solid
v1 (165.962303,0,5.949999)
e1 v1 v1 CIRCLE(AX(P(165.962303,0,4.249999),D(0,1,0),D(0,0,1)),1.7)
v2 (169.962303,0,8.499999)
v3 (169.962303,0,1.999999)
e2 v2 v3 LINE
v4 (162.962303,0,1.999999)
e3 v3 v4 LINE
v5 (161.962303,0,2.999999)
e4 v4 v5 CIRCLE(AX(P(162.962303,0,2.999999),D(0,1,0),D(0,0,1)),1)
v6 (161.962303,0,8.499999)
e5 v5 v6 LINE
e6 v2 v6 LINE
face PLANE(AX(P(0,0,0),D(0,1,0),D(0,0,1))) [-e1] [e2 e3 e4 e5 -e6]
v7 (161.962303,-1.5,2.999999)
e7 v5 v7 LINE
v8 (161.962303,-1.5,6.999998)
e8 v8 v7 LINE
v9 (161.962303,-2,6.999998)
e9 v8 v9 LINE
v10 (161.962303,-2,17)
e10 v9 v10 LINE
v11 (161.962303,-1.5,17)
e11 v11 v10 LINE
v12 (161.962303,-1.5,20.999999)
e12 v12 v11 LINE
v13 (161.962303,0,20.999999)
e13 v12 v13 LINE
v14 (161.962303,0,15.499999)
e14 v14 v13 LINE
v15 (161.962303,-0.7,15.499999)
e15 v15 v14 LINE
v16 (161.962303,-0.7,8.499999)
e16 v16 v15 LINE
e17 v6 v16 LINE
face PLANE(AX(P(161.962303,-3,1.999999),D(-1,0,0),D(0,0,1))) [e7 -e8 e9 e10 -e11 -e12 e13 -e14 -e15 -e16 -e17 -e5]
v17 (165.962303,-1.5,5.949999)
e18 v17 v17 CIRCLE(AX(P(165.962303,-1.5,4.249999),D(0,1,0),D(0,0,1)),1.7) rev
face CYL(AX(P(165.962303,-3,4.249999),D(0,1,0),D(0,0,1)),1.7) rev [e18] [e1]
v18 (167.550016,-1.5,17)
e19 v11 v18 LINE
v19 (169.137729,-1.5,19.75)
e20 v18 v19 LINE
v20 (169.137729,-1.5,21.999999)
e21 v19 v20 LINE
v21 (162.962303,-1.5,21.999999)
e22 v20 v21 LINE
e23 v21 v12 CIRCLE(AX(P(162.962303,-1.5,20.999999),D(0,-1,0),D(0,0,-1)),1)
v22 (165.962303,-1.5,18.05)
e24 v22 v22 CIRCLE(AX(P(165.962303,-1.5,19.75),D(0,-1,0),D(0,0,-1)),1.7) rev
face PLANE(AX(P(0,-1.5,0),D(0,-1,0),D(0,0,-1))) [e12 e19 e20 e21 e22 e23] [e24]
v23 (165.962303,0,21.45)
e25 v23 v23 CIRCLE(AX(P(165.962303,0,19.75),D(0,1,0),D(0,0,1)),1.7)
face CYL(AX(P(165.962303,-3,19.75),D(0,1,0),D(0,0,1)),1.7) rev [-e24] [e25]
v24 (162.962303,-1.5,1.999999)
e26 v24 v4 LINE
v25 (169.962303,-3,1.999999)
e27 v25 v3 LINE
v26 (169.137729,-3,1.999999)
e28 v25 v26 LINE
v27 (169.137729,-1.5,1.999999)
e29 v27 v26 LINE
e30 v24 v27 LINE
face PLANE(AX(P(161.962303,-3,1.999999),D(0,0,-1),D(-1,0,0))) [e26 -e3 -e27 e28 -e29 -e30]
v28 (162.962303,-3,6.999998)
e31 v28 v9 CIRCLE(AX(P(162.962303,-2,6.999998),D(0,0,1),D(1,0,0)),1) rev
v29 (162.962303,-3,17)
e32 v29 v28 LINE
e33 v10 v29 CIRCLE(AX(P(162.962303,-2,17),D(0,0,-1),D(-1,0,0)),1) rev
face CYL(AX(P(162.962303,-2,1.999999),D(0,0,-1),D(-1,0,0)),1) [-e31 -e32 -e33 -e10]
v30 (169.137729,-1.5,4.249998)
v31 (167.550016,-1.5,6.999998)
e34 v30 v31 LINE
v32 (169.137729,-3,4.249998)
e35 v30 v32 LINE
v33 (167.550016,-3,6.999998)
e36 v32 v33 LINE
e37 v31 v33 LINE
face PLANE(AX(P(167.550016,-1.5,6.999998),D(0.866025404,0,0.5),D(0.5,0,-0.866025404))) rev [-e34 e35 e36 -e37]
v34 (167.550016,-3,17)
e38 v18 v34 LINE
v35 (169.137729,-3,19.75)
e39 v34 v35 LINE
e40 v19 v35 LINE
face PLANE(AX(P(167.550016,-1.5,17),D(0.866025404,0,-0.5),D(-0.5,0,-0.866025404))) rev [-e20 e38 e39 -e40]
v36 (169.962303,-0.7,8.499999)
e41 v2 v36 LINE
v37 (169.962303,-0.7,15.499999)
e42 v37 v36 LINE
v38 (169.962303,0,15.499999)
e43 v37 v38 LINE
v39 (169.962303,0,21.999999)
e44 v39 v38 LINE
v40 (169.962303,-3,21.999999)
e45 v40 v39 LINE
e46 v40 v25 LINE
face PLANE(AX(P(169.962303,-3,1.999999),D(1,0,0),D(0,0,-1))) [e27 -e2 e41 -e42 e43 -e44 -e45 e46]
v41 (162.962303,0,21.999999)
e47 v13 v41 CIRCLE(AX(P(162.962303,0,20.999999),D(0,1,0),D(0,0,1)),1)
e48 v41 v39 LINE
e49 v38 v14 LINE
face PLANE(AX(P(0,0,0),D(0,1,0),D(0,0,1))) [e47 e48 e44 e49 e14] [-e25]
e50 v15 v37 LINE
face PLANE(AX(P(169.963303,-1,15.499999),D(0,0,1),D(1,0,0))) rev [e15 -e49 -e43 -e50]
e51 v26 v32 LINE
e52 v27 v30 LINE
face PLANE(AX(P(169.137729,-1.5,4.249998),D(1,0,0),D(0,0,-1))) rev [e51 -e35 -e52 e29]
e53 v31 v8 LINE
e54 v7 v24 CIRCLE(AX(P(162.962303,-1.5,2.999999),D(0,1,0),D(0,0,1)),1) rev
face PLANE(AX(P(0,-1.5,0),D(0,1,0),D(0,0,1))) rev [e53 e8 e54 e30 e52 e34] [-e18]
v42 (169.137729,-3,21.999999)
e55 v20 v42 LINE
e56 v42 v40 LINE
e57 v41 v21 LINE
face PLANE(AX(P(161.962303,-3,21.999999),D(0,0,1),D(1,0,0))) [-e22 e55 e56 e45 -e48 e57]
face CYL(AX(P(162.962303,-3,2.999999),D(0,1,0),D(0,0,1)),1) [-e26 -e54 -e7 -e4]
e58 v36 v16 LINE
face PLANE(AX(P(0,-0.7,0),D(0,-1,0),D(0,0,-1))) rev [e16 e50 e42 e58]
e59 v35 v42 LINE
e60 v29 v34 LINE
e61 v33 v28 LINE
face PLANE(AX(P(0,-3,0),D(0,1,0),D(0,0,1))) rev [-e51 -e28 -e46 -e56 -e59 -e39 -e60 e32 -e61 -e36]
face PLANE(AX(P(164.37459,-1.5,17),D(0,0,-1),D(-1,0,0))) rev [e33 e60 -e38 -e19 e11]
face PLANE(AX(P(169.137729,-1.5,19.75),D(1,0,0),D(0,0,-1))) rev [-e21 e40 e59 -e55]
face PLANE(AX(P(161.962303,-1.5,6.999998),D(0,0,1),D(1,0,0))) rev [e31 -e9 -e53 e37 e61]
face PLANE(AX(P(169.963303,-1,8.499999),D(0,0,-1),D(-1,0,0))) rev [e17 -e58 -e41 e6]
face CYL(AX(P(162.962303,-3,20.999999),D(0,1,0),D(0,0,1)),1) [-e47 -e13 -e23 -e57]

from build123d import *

# Parameters (mm, degrees)
CROQUIS1_W              = 8
CROQUIS1_H              = 20
CROQUIS1_R              = 1.7
SALIENTE_EXTRUIR1_DEPTH = 3
CORTAR_EXTRUIR2_DEPTH   = 1.5
CORTAR_EXTRUIR3_REACH   = 25.601
CROQUIS3_W              = 7
CROQUIS3_H              = 1
REDONDEO1_R             = 1
CROQUIS4_W              = 8
CROQUIS4_H              = 7
SALIENTE_EXTRUIR2_DEPTH = 0.3


with BuildPart() as part:
    # Croquis1 → Saliente-Extruir1 (new body)
    with BuildSketch(Plane(origin=(0, 0, 0), x_dir=(1, 0, 0), z_dir=(0, 1, 0))):
        with Locations((165.962302832, -11.999998776)):
            Rectangle(CROQUIS1_W, CROQUIS1_H)
        with Locations(Location((165.962302832, -4.249998776, 0), (0, 0, 270))):
            Circle(CROQUIS1_R, mode=Mode.SUBTRACT)
        with Locations(Location((165.962302832, -19.75, 0), (0, 0, 270))):
            Circle(CROQUIS1_R, mode=Mode.SUBTRACT)
    extrude(amount=-SALIENTE_EXTRUIR1_DEPTH)

    # Croquis2 → Cortar-Extruir2 (cut)
    with BuildSketch(Plane.XZ.offset(3)):
        Polygon((164.374589592, 17), (167.550016072, 17), (169.137729313, 19.75), (169.137729313, 21.999998776), (161.962302832, 21.999998776), (161.962302832, 17), align=None)
        Polygon((161.962302832, 6.999997552), (164.374589592, 6.999997552), (167.550016072, 6.999997552), (169.137729313, 4.249997552), (169.137729313, 1.999998776), (161.962302832, 1.999998776), align=None)
    extrude(amount=-CORTAR_EXTRUIR2_DEPTH, mode=Mode.SUBTRACT)

    # Croquis3 → Cortar-Extruir3 (cut, up to next)
    with BuildSketch(Plane.ZY.offset(-161.962302832), mode=Mode.PRIVATE) as cortar_extruir3_sk1:
        with Locations((11.999998776, -0.5)):
            Rectangle(CROQUIS3_W, CROQUIS3_H)
    cortar_extruir3_tool1 = extrude(cortar_extruir3_sk1.sketch, amount=-CORTAR_EXTRUIR3_REACH, mode=Mode.PRIVATE) & part.part
    add(cortar_extruir3_tool1.solids().sort_by_distance((161.962303, -0.5, 11.999999))[0], mode=Mode.SUBTRACT)

    # Redondeo1
    redondeo1_edges = [part.edges().sort_by_distance(p)[0] for p in [
        (161.962302832, -0.75, 21.999998776),
        (161.962302832, -3, 11.999998776),
        (161.962302832, -0.75, 1.999998776),
    ]]
    fillet(redondeo1_edges, radius=REDONDEO1_R)

    # Croquis4 → Saliente-Extruir2 (add)
    with BuildSketch(Plane(origin=(0, -1, 0), x_dir=(1, 0, 0), z_dir=(0, 1, 0))):
        with Locations((165.962302832, -11.999998776)):
            Rectangle(CROQUIS4_W, CROQUIS4_H)
    extrude(amount=SALIENTE_EXTRUIR2_DEPTH)


solid = part.part
